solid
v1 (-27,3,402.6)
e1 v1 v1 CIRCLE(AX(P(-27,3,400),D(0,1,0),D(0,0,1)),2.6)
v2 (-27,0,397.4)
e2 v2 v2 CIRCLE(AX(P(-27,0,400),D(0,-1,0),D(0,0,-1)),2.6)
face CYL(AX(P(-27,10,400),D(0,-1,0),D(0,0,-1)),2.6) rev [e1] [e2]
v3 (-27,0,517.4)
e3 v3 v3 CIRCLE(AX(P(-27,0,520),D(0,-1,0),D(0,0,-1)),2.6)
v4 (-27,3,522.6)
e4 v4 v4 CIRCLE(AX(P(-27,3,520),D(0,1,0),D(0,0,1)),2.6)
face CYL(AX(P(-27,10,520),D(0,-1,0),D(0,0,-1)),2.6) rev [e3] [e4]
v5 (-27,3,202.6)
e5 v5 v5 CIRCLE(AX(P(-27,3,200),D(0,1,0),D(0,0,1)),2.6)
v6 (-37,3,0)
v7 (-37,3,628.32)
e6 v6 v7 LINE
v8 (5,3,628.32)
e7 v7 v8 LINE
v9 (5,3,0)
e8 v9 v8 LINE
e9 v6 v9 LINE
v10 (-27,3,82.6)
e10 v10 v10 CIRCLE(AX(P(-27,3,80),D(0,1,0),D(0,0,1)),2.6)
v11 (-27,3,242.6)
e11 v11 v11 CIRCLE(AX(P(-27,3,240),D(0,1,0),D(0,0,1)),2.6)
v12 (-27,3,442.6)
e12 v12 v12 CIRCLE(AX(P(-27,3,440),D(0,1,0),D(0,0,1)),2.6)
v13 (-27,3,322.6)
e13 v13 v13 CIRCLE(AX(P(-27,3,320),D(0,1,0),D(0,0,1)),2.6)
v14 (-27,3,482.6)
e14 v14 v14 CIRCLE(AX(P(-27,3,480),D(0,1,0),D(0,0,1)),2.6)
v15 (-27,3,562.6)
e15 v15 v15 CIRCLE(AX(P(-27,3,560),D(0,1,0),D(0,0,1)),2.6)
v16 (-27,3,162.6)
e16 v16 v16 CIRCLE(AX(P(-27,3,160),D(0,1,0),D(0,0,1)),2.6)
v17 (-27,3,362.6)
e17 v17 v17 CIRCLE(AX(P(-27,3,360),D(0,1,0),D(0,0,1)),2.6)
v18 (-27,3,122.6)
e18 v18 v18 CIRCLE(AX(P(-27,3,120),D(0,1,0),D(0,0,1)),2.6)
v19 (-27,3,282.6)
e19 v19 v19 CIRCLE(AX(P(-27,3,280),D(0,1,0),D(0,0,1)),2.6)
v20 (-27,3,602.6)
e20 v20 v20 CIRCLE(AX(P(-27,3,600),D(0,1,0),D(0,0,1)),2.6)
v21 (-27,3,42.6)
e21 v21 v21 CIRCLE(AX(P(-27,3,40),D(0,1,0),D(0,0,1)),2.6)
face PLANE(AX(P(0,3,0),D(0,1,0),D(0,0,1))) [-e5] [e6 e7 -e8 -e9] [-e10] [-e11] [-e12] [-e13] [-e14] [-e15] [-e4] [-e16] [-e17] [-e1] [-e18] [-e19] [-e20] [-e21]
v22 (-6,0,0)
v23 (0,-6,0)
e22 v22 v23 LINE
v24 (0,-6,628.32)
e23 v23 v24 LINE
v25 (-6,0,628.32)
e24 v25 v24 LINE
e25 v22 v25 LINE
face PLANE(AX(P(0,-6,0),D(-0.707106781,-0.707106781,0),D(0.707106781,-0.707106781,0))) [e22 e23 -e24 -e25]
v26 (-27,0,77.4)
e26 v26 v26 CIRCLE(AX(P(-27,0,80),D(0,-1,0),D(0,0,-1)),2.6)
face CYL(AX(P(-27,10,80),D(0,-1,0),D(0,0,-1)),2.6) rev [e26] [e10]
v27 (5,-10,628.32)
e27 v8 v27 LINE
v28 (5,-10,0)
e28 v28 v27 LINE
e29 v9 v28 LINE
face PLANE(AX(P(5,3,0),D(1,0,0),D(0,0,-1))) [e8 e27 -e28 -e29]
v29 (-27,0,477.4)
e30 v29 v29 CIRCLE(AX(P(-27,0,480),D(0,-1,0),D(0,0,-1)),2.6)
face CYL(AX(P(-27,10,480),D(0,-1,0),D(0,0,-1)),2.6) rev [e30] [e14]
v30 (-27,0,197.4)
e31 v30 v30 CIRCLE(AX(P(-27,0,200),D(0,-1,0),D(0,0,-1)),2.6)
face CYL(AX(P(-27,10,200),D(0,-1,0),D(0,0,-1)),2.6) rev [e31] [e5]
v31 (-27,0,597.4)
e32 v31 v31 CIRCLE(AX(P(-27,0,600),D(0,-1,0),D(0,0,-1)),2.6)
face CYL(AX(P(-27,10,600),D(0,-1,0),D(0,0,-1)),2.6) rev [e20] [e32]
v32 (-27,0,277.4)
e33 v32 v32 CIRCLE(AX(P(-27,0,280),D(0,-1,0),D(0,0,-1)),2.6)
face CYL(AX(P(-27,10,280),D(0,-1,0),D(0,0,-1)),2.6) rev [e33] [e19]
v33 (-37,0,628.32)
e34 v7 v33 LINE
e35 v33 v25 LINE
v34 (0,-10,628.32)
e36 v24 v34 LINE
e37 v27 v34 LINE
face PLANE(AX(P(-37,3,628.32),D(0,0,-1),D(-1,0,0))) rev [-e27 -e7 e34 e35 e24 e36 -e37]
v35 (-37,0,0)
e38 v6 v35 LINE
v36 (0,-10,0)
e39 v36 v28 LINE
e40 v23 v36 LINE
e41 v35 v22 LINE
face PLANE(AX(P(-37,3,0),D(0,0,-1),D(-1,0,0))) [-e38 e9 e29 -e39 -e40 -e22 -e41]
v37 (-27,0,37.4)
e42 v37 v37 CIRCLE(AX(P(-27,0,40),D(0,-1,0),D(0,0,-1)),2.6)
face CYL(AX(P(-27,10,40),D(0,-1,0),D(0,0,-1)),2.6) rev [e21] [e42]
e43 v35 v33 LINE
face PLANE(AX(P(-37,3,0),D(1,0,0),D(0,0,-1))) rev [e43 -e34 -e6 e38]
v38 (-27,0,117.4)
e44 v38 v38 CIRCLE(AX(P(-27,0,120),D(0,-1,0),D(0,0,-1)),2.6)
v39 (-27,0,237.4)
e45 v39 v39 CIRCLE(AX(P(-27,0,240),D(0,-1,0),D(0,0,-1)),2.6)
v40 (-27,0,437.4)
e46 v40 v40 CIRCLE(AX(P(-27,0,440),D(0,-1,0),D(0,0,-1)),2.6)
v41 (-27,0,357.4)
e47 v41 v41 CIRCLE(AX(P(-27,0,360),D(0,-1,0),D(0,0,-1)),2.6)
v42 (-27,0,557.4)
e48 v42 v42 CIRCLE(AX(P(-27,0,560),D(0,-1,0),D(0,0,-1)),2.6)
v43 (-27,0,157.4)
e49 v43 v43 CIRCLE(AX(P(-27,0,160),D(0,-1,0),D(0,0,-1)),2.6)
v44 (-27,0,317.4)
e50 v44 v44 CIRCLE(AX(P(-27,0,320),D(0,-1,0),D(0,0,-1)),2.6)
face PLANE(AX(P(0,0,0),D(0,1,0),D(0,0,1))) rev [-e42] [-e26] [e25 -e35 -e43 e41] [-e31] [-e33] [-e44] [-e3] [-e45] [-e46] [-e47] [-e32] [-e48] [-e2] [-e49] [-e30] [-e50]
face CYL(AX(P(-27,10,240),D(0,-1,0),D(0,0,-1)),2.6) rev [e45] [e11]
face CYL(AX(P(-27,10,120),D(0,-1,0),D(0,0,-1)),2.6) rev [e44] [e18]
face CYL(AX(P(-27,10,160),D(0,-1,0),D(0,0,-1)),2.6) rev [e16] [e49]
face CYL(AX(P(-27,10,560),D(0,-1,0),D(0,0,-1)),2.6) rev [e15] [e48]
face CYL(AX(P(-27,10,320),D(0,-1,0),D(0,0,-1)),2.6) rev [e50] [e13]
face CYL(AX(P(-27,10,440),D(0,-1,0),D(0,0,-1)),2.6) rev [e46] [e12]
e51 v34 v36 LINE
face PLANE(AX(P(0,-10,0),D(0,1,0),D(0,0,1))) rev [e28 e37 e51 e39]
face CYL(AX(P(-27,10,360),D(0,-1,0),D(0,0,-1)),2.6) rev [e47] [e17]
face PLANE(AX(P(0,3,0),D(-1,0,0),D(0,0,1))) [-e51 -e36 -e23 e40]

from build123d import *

# Parameters (mm, degrees)
SKETCH_1_W           = 37
SKETCH_1_H           = 628.32
EXTRUDE_1_DEPTH      = 3
SKETCH_2_W           = 5
SKETCH_2_H           = 628.32
EXTRUDE_2_DEPTH      = 10
EXTRUDE_2_DEPTH_BACK = 3
SKETCH_3_R           = 2.6
CUT_EXTRUDE_1_DEPTH  = 10
EXTRUDE_3_DEPTH      = 628.32


with BuildPart() as part:
    # 스케치1 → 보스-돌출1 (new body)
    with BuildSketch(Plane(origin=(0, 0, 0), x_dir=(1, 0, 0), z_dir=(0, 1, 0))):
        with Locations((-18.5, -314.16)):
            Rectangle(SKETCH_1_W, SKETCH_1_H)
    extrude(amount=EXTRUDE_1_DEPTH)

    # 스케치2 → 보스-돌출2 (add, two sides)
    with BuildSketch(Plane.XZ) as extrude_2_sk:
        with Locations((2.5, 314.16)):
            Rectangle(SKETCH_2_W, SKETCH_2_H)
    extrude(amount=EXTRUDE_2_DEPTH)
    extrude(extrude_2_sk.sketch, amount=-EXTRUDE_2_DEPTH_BACK)

    # 스케치3 → 컷-돌출1 (cut)
    with BuildSketch(Plane.XZ):
        with Locations((-27, 40)):
            Circle(SKETCH_3_R)
        with Locations((-27, 80)):
            Circle(SKETCH_3_R)
        with Locations((-27, 120)):
            Circle(SKETCH_3_R)
        with Locations((-27, 160)):
            Circle(SKETCH_3_R)
        with Locations((-27, 200)):
            Circle(SKETCH_3_R)
        with Locations((-27, 240)):
            Circle(SKETCH_3_R)
        with Locations((-27, 280)):
            Circle(SKETCH_3_R)
        with Locations((-27, 320)):
            Circle(SKETCH_3_R)
        with Locations((-27, 360)):
            Circle(SKETCH_3_R)
        with Locations((-27, 400)):
            Circle(SKETCH_3_R)
        with Locations((-27, 440)):
            Circle(SKETCH_3_R)
        with Locations((-27, 480)):
            Circle(SKETCH_3_R)
        with Locations((-27, 520)):
            Circle(SKETCH_3_R)
        with Locations((-27, 560)):
            Circle(SKETCH_3_R)
        with Locations((-27, 600)):
            Circle(SKETCH_3_R)
        with Locations((-27, 640)):
            Circle(SKETCH_3_R)
    extrude(amount=-CUT_EXTRUDE_1_DEPTH, mode=Mode.SUBTRACT)

    # 스케치4 → 보스-돌출3 (add)
    with BuildSketch(Plane.XY.offset(628.32)):
        Polygon((0, 0), (0, -6), (-6, 0), align=None)
    extrude(amount=-EXTRUDE_3_DEPTH)


solid = part.part
